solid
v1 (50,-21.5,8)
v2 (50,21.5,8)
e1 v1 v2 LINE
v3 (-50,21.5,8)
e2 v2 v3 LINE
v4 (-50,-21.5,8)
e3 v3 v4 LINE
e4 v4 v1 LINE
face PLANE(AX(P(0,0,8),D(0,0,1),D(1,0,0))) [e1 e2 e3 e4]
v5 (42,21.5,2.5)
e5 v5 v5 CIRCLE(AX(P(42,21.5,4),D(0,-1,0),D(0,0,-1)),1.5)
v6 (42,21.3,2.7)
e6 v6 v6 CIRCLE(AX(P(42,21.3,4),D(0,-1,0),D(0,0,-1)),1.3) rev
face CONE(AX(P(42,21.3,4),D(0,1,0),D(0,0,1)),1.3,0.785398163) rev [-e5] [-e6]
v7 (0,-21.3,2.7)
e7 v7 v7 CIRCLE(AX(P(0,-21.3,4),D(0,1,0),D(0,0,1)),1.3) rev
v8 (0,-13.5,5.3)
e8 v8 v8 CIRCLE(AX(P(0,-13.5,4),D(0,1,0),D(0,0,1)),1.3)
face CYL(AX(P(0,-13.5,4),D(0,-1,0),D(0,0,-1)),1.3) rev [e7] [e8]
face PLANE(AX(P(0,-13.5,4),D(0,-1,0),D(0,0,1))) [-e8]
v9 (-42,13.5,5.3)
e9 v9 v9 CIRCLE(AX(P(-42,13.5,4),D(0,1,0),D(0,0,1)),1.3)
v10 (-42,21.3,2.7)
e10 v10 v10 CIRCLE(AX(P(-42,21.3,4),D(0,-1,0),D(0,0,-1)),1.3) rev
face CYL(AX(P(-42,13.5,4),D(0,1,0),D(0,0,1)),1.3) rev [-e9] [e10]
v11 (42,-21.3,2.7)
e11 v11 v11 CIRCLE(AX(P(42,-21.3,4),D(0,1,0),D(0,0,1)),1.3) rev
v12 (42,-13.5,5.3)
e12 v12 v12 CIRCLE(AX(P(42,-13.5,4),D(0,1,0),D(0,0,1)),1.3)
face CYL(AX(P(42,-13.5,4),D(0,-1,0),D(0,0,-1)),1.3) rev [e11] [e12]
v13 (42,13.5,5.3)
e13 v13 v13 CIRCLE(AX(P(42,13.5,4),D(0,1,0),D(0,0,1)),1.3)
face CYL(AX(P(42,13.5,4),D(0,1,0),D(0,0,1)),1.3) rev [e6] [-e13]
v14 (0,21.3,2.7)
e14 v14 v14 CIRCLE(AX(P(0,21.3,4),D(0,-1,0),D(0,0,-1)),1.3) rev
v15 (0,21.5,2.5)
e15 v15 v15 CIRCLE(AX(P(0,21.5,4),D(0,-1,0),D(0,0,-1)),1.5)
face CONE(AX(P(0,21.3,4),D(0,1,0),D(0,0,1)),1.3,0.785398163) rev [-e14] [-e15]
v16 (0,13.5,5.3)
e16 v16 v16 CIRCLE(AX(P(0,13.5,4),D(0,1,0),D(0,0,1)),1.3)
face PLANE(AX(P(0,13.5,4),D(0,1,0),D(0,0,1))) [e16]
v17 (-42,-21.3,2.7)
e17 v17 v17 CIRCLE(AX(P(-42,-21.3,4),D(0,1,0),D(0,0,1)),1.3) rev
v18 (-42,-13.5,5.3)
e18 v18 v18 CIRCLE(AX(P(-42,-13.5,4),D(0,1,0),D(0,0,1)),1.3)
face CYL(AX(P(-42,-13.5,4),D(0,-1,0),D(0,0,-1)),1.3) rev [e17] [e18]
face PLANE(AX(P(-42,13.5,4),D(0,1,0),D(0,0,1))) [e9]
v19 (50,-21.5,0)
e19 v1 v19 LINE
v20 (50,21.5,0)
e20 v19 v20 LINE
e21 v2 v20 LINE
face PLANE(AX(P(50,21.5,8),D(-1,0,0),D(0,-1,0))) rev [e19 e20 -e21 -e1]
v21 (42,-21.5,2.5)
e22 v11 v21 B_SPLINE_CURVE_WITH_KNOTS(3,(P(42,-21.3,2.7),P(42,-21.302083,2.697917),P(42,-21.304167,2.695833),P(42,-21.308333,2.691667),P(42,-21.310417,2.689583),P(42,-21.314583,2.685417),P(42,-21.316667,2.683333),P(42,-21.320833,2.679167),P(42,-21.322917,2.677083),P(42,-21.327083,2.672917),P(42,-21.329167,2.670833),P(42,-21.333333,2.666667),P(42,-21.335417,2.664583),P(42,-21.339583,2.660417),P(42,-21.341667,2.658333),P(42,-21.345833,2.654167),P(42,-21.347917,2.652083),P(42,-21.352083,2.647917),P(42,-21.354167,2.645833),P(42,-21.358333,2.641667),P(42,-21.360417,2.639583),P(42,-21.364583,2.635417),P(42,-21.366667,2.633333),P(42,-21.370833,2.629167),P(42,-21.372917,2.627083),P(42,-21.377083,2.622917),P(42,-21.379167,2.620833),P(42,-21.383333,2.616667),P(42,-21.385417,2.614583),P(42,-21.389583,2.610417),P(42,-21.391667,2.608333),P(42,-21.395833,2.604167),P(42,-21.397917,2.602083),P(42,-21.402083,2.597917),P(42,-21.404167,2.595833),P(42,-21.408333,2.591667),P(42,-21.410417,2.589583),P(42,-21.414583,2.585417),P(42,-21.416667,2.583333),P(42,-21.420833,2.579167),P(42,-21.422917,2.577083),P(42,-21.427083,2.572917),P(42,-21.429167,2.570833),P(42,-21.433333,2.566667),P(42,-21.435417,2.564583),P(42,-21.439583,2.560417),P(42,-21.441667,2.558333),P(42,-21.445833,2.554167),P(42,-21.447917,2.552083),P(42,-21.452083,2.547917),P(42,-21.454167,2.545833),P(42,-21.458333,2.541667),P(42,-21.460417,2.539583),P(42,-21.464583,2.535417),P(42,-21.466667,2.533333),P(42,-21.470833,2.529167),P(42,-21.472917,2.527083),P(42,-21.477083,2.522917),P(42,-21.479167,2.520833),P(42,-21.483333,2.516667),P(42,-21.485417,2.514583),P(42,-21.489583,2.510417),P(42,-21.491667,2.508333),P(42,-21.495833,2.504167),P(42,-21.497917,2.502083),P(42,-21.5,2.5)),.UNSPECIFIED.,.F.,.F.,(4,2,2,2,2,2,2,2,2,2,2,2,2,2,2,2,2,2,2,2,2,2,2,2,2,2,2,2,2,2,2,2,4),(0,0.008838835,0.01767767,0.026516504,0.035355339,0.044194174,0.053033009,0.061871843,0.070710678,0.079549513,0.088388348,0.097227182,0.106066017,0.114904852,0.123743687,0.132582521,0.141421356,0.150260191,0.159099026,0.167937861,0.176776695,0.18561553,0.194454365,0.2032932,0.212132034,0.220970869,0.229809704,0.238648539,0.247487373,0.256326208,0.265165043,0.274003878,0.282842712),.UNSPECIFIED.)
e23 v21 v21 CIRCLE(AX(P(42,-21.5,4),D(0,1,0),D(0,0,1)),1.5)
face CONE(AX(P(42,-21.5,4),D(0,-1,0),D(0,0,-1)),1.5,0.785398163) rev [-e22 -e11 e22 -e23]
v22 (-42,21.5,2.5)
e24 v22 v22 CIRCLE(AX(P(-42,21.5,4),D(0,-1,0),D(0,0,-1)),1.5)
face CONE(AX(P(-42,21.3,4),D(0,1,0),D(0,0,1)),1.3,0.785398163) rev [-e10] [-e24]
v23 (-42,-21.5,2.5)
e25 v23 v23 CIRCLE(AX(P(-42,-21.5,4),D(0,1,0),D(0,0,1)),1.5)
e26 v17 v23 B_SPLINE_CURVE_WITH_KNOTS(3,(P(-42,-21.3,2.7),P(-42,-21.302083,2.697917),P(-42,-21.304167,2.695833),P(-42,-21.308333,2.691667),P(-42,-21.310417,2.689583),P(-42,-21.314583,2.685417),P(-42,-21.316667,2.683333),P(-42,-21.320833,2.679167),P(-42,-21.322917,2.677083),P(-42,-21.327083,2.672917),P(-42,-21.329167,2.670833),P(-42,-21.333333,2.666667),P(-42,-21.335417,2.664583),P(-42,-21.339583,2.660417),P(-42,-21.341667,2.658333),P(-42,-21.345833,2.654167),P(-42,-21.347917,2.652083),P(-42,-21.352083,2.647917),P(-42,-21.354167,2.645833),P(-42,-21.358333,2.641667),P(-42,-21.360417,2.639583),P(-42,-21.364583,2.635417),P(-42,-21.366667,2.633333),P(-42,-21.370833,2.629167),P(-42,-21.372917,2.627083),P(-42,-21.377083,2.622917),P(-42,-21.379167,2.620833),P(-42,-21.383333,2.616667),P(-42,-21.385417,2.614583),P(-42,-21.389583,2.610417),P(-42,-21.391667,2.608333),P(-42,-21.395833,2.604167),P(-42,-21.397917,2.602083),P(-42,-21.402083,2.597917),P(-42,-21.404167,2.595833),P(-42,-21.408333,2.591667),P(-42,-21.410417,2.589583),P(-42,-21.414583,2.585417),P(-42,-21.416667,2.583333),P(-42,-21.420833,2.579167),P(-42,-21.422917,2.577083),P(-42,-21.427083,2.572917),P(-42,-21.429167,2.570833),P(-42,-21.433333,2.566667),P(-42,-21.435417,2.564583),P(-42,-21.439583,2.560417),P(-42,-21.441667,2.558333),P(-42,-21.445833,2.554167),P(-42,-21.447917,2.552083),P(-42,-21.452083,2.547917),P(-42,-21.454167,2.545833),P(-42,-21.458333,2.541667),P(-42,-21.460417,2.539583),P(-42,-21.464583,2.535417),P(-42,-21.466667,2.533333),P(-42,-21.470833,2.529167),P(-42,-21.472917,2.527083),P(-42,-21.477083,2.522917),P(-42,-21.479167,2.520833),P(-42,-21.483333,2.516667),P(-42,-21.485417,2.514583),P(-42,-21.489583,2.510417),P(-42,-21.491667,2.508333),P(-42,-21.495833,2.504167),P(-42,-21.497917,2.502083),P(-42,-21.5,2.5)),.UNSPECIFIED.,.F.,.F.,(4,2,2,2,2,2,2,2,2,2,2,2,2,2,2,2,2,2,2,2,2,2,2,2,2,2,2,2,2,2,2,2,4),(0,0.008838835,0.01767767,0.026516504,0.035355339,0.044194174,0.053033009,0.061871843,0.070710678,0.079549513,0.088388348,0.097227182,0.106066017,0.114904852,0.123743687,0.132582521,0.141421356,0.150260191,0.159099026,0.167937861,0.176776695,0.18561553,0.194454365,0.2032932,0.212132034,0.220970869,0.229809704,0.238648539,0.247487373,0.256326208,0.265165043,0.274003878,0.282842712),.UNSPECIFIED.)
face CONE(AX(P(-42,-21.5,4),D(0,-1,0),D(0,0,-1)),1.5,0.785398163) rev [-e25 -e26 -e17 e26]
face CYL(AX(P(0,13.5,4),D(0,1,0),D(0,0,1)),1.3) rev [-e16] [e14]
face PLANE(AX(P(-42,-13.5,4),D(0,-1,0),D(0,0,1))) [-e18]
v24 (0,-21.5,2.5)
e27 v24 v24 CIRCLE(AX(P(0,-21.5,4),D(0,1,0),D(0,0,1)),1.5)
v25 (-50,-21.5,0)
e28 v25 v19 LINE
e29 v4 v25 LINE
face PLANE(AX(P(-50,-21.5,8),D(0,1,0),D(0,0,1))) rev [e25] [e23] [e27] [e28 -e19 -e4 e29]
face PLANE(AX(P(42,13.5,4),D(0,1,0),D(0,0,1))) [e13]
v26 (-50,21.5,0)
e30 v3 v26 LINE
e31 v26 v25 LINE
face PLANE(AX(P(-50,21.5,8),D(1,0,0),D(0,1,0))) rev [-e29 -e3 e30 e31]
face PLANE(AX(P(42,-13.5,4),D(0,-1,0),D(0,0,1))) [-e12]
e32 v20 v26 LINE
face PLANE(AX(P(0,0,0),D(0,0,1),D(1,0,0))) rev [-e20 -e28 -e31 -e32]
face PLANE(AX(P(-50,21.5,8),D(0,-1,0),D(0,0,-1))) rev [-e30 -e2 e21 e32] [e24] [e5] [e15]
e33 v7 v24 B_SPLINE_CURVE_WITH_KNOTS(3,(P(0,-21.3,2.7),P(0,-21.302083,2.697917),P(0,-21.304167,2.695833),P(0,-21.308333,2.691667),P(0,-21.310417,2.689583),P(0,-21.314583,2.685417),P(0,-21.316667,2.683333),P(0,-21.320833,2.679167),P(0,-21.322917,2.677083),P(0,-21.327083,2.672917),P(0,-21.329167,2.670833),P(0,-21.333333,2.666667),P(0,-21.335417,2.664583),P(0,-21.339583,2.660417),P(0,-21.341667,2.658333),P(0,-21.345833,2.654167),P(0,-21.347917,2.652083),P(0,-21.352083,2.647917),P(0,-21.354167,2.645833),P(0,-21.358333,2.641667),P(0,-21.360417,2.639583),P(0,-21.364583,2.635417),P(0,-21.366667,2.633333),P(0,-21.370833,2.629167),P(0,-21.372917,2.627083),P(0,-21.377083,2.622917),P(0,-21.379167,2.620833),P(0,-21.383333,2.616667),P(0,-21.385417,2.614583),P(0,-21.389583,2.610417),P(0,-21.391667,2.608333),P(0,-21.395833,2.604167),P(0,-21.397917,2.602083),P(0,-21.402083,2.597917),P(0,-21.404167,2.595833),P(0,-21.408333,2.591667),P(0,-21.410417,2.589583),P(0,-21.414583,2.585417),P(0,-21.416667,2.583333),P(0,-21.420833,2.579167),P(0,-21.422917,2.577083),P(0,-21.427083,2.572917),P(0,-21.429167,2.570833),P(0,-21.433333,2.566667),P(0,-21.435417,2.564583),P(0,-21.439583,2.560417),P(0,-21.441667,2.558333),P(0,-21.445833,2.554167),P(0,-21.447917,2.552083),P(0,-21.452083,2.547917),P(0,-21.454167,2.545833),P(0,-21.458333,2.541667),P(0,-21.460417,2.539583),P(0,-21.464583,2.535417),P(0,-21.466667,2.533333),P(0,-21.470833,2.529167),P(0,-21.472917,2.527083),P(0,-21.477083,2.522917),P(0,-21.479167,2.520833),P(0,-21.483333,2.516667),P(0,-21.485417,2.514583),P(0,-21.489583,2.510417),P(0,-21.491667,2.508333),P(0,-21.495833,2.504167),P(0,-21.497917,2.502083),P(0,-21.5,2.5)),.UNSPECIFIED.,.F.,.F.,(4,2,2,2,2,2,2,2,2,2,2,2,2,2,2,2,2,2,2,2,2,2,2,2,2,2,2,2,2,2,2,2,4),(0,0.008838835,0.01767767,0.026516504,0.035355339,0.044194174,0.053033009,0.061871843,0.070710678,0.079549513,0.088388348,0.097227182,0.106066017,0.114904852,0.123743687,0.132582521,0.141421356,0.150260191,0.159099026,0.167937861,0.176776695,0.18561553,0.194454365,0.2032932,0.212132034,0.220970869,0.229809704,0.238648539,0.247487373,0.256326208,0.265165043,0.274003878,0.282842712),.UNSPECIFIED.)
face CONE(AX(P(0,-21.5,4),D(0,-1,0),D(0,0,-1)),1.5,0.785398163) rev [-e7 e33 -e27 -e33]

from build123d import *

# Parameters (mm, degrees)
SKETCH_1_W               = 100
SKETCH_1_H               = 43
EXTRUDE_1_DEPTH          = 8
SKETCH_2_R               = 1.3
CUT_EXTRUDE_1_DEPTH      = 8
PATTERN_LINEAR_1_COUNT   = 3
PATTERN_LINEAR_1_PITCH   = 42
MIRROR_1_COPY_1_SKETCH_R = 1.3
MIRROR_1_COPY_1_DEPTH    = 8
MIRROR_1_COPY_2_SKETCH_R = 1.3
MIRROR_1_COPY_2_DEPTH    = 8
CHAMFER_1_SIZE           = 0.2


with BuildPart() as part:
    # 草圖1 → 填料-伸長1 (new body)
    with BuildSketch(Plane.XY):
        Rectangle(SKETCH_1_W, SKETCH_1_H)
    extrude(amount=EXTRUDE_1_DEPTH)

    # 草圖2 → 除料-伸長1 (cut)
    with BuildSketch(Plane(origin=(0, 21.5, 0), x_dir=(1, 0, 0), z_dir=(0, 1, 0))):
        with Locations(Location((-42, -4, 0), (0, 0, 270))):
            Circle(SKETCH_2_R)
    cut_extrude_1 = extrude(amount=-CUT_EXTRUDE_1_DEPTH, mode=Mode.SUBTRACT)

    # 直線複製排列1: 除料-伸長1 ×3
    with Locations(*[(i * PATTERN_LINEAR_1_PITCH, 0, 0) for i in range(1, PATTERN_LINEAR_1_COUNT)]):
        add(cut_extrude_1, mode=Mode.SUBTRACT)

    # 鏡射1: 除料-伸長1 across plane
    add(cut_extrude_1.mirror(Plane.ZX), mode=Mode.SUBTRACT)

    # 鏡射1 copy 1 sketch → 鏡射1 copy 1 (cut)
    with BuildSketch(Plane(origin=(42, -21.5, 0), x_dir=(1, 0, 0), z_dir=(0, -1, 0))):
        with Locations((-42, 4)):
            Circle(MIRROR_1_COPY_1_SKETCH_R)
    extrude(amount=-MIRROR_1_COPY_1_DEPTH, mode=Mode.SUBTRACT)

    # 鏡射1 copy 2 sketch → 鏡射1 copy 2 (cut)
    with BuildSketch(Plane(origin=(84, -21.5, 0), x_dir=(1, 0, 0), z_dir=(0, -1, 0))):
        with Locations((-42, 4)):
            Circle(MIRROR_1_COPY_2_SKETCH_R)
    extrude(amount=-MIRROR_1_COPY_2_DEPTH, mode=Mode.SUBTRACT)

    # 導角1
    chamfer_1_edges = [part.edges().sort_by_distance(p)[0] for p in [
        (-42, 21.5, 2.7),
        (0, 21.5, 2.7),
        (42, 21.5, 2.7),
        (-42, -21.5, 2.7),
        (-1.3, -21.5, 4),
        (40.7, -21.5, 4),
    ]]
    chamfer(chamfer_1_edges, length=CHAMFER_1_SIZE)


solid = part.part
